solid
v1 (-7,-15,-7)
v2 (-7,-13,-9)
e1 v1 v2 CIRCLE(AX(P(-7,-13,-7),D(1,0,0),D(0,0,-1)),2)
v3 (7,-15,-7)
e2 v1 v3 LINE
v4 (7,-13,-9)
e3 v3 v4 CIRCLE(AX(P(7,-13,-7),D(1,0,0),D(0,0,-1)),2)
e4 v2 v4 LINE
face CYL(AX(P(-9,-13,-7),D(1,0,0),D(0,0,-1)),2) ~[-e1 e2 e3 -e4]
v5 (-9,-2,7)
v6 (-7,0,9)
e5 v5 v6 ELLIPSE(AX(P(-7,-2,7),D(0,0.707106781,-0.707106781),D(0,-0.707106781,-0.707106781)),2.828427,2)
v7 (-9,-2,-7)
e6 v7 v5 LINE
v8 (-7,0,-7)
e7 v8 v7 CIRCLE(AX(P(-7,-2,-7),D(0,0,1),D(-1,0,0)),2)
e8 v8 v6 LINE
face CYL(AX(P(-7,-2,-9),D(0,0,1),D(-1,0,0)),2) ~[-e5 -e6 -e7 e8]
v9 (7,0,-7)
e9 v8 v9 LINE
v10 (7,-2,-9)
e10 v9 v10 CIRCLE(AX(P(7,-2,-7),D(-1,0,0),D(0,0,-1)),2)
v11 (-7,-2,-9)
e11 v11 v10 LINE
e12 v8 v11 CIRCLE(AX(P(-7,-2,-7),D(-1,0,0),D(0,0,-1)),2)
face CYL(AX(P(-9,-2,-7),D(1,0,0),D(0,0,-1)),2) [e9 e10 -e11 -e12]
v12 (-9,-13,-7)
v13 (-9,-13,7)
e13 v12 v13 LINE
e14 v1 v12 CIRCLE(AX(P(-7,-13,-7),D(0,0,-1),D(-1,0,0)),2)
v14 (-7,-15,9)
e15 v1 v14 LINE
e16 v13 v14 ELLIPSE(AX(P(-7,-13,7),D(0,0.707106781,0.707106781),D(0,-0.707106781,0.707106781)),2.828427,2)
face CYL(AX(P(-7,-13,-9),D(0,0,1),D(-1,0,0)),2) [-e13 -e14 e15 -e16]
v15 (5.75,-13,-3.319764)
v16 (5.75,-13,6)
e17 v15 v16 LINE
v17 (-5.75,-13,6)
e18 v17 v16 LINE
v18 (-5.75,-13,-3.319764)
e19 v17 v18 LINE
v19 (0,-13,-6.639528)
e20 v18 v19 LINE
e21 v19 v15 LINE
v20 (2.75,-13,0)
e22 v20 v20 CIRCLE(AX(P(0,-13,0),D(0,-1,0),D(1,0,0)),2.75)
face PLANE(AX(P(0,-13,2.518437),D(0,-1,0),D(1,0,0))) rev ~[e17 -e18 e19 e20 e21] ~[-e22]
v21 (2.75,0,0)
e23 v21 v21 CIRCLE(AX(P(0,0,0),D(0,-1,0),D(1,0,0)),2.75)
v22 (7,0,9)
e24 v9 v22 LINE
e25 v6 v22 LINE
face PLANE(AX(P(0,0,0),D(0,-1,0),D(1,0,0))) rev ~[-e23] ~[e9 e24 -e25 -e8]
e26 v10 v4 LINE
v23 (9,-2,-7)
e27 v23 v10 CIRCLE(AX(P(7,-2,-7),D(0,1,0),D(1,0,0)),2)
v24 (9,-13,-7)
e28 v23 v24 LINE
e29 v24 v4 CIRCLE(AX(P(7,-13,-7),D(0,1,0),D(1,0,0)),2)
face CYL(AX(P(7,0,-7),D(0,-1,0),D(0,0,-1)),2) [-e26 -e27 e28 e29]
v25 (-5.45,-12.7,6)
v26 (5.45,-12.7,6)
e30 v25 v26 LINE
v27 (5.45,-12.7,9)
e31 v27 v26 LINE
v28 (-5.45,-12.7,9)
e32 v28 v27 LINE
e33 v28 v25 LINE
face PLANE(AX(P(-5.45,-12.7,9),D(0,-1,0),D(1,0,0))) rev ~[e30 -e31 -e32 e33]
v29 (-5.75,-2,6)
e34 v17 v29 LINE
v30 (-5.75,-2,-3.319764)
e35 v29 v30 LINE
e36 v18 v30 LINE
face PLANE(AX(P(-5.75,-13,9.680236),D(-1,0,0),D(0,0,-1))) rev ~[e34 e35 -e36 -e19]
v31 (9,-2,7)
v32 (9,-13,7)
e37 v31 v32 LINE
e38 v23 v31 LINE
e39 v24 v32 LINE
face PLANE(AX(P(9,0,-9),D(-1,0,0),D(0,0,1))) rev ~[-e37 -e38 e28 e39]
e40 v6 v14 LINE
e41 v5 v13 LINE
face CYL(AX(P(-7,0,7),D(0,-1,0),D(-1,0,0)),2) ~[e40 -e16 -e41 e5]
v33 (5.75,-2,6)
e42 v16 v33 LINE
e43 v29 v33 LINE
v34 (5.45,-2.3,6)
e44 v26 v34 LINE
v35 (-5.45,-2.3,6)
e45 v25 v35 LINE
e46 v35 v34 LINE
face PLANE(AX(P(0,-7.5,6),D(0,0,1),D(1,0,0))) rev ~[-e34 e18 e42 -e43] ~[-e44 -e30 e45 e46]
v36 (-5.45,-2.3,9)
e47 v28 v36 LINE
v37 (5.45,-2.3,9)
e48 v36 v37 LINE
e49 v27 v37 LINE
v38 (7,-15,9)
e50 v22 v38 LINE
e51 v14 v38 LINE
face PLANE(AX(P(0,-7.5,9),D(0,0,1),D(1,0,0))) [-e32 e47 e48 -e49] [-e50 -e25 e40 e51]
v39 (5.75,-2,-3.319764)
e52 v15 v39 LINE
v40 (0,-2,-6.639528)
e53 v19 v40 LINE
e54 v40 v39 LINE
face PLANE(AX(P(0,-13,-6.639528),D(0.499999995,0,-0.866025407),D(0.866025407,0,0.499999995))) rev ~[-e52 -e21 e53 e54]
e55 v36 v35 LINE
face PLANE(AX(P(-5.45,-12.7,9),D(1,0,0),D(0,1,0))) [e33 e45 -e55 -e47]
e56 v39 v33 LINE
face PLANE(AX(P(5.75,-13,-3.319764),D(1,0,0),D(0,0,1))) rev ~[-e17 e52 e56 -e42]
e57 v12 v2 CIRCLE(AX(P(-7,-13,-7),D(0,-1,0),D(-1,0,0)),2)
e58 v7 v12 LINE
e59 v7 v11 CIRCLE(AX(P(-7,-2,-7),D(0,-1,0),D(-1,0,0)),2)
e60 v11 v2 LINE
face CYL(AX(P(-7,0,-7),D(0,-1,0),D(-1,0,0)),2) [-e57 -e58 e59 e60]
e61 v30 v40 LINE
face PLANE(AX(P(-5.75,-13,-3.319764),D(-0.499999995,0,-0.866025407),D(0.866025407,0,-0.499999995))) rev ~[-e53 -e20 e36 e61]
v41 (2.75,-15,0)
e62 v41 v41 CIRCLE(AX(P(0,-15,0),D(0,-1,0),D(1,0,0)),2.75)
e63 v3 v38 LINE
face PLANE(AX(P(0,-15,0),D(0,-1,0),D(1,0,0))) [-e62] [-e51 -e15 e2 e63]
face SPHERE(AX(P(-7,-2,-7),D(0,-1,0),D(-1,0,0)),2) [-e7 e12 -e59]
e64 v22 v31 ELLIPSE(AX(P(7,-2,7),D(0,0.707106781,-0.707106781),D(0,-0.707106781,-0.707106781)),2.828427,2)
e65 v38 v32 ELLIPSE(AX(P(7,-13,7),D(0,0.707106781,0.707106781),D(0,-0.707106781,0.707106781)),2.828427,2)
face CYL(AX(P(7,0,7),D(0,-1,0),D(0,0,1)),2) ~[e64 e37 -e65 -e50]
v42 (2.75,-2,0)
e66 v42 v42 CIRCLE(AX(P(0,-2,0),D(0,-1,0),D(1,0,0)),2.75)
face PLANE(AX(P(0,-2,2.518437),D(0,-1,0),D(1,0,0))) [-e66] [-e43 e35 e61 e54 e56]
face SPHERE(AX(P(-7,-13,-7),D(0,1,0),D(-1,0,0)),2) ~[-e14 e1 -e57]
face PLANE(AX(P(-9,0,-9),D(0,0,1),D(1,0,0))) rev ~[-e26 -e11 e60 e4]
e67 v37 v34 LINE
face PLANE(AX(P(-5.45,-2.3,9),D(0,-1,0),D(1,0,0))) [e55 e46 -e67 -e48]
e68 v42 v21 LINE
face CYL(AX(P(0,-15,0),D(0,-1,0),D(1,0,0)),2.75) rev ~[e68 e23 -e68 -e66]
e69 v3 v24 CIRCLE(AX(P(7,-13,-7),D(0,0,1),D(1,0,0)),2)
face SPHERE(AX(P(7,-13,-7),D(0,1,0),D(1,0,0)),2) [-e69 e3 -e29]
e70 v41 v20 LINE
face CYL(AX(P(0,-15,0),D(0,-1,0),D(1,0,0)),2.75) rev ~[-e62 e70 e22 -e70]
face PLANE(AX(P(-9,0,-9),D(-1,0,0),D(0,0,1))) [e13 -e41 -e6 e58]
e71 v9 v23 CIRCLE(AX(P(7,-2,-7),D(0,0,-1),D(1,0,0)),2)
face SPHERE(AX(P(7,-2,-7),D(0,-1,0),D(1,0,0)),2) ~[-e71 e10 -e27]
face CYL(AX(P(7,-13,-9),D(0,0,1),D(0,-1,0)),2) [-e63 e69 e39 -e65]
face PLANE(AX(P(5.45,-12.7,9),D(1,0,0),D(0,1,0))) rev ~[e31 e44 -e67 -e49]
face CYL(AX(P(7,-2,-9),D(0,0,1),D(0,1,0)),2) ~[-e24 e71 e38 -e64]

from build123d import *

# Parameters (mm, degrees)
F0_W      = 18
F0_H      = 18
F1_DEPTH  = 15
F5_DEPTH  = 11
F6_R      = 2.75
F7_DEPTH  = 15.001
F8_R      = 2
F9_W      = 11.5
F9_H      = 11
F9_W_2    = 10.9
F9_H_2    = 10.4
F10_DEPTH = 3


with BuildPart() as f1:
    # F0 (on Front) → F1 (new body)
    with BuildSketch(Plane.XZ):
        Rectangle(F0_W, F0_H)
    extrude(amount=F1_DEPTH)

    # F3 (on offset) → F5 (cut, through all)
    with BuildSketch(Plane.XZ.offset(13)):
        Polygon((5.75, -3.319764), (5.75, 3.319764), (5.75, 9.680236), (-5.75, 9.680236), (-5.75, 3.680236), (-5.75, -3.319764), (0, -6.639528), align=None)
    extrude(amount=-F5_DEPTH, mode=Mode.SUBTRACT)

    # F6 (on face) → F7 (cut, through all)
    with BuildSketch(Plane.XZ.offset(15)):
        Circle(F6_R)
    extrude(amount=-F7_DEPTH, mode=Mode.SUBTRACT)

    # F8
    f8_edges = [f1.edges().sort_by_distance(p)[0] for p in [
        (-9, -7.5, 9),
        (-9, -7.5, -9),
        (-9, 0, 0),
        (-9, -15, 0),
        (9, -7.5, -9),
        (9, -7.5, 9),
        (9, 0, 0),
        (9, -15, 0),
        (0, 0, -9),
        (0, -15, -9),
    ]]
    fillet(f8_edges, radius=F8_R)

    # F9 (on face) → F10 (join)
    with BuildSketch(Plane.XY.offset(9)):
        with Locations((0, -7.5)):
            Rectangle(F9_W, F9_H)
        with Locations((0, -7.5)):
            Rectangle(F9_W_2, F9_H_2, mode=Mode.SUBTRACT)
    extrude(amount=-F10_DEPTH)


solid = f1.part
